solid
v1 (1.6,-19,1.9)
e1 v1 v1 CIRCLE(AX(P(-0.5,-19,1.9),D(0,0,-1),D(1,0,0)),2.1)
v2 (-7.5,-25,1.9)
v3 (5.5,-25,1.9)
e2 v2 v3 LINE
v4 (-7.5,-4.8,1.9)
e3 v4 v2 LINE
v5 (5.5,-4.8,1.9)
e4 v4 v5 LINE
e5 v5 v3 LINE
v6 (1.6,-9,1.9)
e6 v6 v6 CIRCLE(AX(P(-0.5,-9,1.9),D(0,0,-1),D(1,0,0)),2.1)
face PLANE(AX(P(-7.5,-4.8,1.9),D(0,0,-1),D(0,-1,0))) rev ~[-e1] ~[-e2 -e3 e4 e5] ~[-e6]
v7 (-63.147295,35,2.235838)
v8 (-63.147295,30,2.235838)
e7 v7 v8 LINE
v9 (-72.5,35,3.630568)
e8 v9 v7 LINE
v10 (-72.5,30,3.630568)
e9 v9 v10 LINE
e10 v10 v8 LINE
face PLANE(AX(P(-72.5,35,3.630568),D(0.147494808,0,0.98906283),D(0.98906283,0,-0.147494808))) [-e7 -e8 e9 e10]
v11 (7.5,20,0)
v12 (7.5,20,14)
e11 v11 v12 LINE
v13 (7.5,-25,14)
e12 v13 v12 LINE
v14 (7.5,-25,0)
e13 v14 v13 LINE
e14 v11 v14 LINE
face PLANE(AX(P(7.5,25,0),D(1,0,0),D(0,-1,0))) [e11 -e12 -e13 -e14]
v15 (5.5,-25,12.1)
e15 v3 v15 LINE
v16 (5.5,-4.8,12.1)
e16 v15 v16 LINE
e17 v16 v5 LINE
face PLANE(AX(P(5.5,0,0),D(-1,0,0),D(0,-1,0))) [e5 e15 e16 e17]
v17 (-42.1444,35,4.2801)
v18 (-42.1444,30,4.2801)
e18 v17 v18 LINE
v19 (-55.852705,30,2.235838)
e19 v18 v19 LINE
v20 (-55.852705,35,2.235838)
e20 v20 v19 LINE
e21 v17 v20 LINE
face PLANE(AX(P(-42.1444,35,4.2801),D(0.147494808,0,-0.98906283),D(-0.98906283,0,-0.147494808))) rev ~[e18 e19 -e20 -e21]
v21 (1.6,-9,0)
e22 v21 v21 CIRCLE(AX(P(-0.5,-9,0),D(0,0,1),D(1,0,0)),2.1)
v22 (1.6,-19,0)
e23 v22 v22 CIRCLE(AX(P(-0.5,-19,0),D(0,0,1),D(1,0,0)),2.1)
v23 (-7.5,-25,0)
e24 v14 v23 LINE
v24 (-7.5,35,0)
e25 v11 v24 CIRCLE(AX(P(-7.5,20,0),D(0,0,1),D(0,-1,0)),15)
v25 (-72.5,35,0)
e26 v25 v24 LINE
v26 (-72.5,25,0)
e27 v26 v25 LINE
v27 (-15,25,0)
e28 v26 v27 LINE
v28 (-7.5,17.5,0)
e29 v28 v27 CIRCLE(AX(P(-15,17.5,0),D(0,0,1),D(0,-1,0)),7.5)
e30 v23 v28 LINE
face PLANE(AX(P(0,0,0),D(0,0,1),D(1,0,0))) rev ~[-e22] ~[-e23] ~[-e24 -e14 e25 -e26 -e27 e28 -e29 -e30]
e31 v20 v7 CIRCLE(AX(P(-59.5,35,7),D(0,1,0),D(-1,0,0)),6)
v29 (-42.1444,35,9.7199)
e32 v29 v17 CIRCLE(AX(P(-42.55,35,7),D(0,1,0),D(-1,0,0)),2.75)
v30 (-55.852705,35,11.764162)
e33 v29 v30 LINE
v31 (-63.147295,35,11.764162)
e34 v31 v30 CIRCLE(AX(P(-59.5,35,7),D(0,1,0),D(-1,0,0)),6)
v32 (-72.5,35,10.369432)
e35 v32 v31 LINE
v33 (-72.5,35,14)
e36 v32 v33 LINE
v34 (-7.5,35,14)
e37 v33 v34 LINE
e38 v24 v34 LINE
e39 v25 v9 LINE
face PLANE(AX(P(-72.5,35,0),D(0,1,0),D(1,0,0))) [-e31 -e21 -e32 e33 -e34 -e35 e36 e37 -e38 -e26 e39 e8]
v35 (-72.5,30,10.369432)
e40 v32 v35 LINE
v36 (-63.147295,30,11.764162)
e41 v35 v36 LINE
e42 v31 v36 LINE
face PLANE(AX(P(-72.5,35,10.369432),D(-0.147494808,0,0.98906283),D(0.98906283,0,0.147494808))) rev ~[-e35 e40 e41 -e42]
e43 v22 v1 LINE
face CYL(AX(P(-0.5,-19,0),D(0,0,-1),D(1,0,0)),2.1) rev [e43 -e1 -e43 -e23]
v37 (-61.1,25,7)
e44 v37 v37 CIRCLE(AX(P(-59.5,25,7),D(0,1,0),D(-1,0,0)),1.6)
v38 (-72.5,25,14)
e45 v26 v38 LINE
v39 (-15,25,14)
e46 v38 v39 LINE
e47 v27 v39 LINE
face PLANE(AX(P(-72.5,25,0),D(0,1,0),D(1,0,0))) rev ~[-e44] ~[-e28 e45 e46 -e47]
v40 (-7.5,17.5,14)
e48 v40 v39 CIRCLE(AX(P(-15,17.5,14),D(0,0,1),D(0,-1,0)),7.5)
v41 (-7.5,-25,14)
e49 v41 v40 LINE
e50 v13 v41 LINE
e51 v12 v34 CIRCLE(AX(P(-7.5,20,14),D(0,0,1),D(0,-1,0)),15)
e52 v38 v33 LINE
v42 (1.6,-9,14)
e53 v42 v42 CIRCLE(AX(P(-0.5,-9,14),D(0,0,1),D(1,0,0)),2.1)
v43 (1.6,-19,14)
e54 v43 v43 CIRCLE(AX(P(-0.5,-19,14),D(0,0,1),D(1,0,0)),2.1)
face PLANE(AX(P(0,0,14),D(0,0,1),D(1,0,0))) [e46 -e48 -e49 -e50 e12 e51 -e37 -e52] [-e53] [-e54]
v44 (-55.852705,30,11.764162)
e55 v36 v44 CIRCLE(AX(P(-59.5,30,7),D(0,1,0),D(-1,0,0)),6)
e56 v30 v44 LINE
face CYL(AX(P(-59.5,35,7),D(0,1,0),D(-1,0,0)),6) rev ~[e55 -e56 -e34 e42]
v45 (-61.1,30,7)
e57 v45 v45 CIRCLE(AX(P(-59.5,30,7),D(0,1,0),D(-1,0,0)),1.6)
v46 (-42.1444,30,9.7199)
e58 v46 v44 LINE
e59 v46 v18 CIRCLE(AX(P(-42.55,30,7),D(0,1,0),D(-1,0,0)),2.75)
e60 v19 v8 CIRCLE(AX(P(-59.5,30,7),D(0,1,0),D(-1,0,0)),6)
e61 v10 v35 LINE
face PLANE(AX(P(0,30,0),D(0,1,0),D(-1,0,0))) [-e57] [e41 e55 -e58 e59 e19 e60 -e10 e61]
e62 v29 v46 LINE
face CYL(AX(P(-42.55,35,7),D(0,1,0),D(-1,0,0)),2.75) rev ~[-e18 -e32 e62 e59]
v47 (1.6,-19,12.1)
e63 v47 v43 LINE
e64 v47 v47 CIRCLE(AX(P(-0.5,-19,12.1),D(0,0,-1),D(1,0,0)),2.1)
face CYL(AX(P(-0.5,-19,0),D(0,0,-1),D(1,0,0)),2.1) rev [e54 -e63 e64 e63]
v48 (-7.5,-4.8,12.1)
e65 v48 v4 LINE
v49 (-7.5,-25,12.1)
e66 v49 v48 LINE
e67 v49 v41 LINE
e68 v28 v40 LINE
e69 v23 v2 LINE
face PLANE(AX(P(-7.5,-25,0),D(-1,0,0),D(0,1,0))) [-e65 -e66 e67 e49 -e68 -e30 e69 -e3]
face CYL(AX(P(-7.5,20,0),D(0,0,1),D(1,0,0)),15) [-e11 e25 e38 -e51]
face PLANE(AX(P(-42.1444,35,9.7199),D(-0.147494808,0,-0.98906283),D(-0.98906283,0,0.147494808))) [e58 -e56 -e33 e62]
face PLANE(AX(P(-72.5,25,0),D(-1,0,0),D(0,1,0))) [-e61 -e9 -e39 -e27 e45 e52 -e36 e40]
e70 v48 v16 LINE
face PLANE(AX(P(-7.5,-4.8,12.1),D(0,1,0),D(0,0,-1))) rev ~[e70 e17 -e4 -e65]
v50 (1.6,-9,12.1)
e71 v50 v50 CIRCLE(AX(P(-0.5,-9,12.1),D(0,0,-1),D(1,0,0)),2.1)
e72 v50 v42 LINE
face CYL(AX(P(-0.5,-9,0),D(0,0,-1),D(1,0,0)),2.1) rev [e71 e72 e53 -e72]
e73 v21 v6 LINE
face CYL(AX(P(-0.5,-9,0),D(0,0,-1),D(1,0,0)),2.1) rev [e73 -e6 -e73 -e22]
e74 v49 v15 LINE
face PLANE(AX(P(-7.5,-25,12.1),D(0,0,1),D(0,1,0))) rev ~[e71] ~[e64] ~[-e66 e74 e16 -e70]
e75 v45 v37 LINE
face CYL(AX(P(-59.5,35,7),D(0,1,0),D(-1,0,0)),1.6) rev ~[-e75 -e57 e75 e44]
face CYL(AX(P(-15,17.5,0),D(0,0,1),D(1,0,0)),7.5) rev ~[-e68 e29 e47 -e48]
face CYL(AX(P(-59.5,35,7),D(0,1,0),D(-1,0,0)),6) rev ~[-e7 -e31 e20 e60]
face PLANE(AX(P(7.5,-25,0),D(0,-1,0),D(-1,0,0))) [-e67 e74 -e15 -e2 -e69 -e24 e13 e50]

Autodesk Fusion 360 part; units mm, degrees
sketch "Sketch1" plane through (0, 0, 0) normal (0, 0, 1) x (1, 0, 0)
  line L0 (7.5, -25) -> (-7.5, -25)
  line L1 (-7.5, -25) -> (-7.5, 25)
  line L2 (7.5, 25) -> (7.5, -25)
  line L3 (7.5, -25) -> (-7.5, 25) construction
  line L4 (-7.5, -25) -> (7.5, 25) construction
  line L5 (-72.5, 25) -> (-72.5, 35)
  line L6 (-72.5, 35) -> (7.5, 35)
  line L7 (7.5, 35) -> (7.5, 25)
  line L8 (-72.5, 25) -> (-7.5, 25)
  circle A0 centre (-0.5, -19) radius 2.1
  circle A1 centre (-0.5, -9) radius 2.1
  dimension "d1" = 50
  dimension "d2" = 15
  dimension "d3" = 10
  dimension "d4" = 80
  dimension "d11" = 4.2
  dimension "d12" = 4.2
  dimension "d13" = 6
  dimension "d14" = 10
  dimension "d15" = 8
  dimension "d16" = 8
  dimension "d19" = 7
extrude "Extrude1" add sketch "Sketch1" along normal blind 14
sketch "Sketch2" plane through (-7.5, 0, 0) normal (-1, 0, 0) x (0, -1, 0)
  line L0 (-25, 0) -> (25, 0)
  line L1 (25, 0) -> (25, 14)
  line L2 (25, 14) -> (-25, 14)
  line L3 (-25, 14) -> (-25, 0)
  line L4 (25, 12.1) -> (4.8, 12.1)
  line L5 (4.8, 12.1) -> (4.8, 1.9)
  line L6 (4.8, 1.9) -> (25, 1.9)
  line L7 (25, 1.9) -> (25, 12.1)
  line L8 (25, 14) -> (-25, 0) construction
  line L9 (-25, 14) -> (25, 0) construction
  line L10 (0, 7) -> (45, 7) construction
  dimension "d7" = 10.2
  dimension "d8" = 20.2
extrude "Extrude2" cut sketch "Sketch2" against normal blind 13 contours L1 L4 L5 L6 L7
sketch "Sketch3" plane through (0, 35, 0) normal (0, 1, 0) x (-1, 0, 0)
  line L0 (-7.5, 0) -> (72.5, 0)
  line L1 (72.5, 0) -> (72.5, 14)
  line L2 (72.5, 14) -> (-7.5, 14)
  line L3 (-7.5, 14) -> (-7.5, 0)
fillet "Fillet1" radius 15 1 edges at (7.5, 35, 7)
fillet "Fillet1" radius 7.5 1 edges at (-7.5, 25, 7)
sketch "Sketch4" plane through (0, 35, 0) normal (0, 1, 0) x (-1, 0, 0)
  line L0 (59.5, 14) -> (59.5, 0) construction
  line L1 (7.5, 14) -> (7.5, 0)
  line L2 (7.5, 0) -> (72.5, 0)
  line L3 (72.5, 0) -> (72.5, 14)
  line L4 (72.5, 14) -> (7.5, 14)
  line L5 (72.5, 7) -> (1.5224, 7) construction
  circle A0 centre (59.5, 7) radius 6
  circle A1 centre (42.55, 7) radius 2.75
  circle A2 centre (76.45, 7) radius 2.75
  line L6 (39.8, 7) -> (39.8, 0) construction
  line L7 (79.2, 7) -> (79.2, 0) construction
  circle A3 centre (59.5, 7) radius 1.6
  circle A4 centre (59.5, 7) radius 5.25
  line L8 (42.1444, 9.7199) -> (58.7257, 12.1926)
  line L9 (42.1444, 4.2801) -> (58.7257, 1.8074)
  line L10 (76.8556, 4.2801) -> (60.2743, 1.8074)
  line L11 (76.8556, 9.7199) -> (60.2743, 12.1926)
  point P0 (-7.5, 14)
  dimension "d20" = 67
  dimension "d21" = 12
  dimension "d22" = 5.5
  dimension "d23" = 5.5
  dimension "d24" = 19.7
  dimension "d25" = 19.7
  dimension "d26" = 3.2
  dimension "d31" = 10.5
extrude "Extrude3" cut sketch "Sketch4" against normal blind 5 contours L3 A2 L10 L11 | L3 A0 L10 L11 | A2 | A0 A4 L8 L11 | A0 A4 L10 L11 | A0 A4 L9 L10 | A0 A4 L8 L9 | A0 A1 L8 L9 | A4 | A1
extrude "Extrude4" cut 1 faces at (-60.4127, 35, 7.0214) along direction (0, -1, 0) through all
ref_plane "WorkPlane1" through (-33.5, 0, 7) normal (1, 0, 0) x (0, 1, 0)
split "Split1" [suppressed]
